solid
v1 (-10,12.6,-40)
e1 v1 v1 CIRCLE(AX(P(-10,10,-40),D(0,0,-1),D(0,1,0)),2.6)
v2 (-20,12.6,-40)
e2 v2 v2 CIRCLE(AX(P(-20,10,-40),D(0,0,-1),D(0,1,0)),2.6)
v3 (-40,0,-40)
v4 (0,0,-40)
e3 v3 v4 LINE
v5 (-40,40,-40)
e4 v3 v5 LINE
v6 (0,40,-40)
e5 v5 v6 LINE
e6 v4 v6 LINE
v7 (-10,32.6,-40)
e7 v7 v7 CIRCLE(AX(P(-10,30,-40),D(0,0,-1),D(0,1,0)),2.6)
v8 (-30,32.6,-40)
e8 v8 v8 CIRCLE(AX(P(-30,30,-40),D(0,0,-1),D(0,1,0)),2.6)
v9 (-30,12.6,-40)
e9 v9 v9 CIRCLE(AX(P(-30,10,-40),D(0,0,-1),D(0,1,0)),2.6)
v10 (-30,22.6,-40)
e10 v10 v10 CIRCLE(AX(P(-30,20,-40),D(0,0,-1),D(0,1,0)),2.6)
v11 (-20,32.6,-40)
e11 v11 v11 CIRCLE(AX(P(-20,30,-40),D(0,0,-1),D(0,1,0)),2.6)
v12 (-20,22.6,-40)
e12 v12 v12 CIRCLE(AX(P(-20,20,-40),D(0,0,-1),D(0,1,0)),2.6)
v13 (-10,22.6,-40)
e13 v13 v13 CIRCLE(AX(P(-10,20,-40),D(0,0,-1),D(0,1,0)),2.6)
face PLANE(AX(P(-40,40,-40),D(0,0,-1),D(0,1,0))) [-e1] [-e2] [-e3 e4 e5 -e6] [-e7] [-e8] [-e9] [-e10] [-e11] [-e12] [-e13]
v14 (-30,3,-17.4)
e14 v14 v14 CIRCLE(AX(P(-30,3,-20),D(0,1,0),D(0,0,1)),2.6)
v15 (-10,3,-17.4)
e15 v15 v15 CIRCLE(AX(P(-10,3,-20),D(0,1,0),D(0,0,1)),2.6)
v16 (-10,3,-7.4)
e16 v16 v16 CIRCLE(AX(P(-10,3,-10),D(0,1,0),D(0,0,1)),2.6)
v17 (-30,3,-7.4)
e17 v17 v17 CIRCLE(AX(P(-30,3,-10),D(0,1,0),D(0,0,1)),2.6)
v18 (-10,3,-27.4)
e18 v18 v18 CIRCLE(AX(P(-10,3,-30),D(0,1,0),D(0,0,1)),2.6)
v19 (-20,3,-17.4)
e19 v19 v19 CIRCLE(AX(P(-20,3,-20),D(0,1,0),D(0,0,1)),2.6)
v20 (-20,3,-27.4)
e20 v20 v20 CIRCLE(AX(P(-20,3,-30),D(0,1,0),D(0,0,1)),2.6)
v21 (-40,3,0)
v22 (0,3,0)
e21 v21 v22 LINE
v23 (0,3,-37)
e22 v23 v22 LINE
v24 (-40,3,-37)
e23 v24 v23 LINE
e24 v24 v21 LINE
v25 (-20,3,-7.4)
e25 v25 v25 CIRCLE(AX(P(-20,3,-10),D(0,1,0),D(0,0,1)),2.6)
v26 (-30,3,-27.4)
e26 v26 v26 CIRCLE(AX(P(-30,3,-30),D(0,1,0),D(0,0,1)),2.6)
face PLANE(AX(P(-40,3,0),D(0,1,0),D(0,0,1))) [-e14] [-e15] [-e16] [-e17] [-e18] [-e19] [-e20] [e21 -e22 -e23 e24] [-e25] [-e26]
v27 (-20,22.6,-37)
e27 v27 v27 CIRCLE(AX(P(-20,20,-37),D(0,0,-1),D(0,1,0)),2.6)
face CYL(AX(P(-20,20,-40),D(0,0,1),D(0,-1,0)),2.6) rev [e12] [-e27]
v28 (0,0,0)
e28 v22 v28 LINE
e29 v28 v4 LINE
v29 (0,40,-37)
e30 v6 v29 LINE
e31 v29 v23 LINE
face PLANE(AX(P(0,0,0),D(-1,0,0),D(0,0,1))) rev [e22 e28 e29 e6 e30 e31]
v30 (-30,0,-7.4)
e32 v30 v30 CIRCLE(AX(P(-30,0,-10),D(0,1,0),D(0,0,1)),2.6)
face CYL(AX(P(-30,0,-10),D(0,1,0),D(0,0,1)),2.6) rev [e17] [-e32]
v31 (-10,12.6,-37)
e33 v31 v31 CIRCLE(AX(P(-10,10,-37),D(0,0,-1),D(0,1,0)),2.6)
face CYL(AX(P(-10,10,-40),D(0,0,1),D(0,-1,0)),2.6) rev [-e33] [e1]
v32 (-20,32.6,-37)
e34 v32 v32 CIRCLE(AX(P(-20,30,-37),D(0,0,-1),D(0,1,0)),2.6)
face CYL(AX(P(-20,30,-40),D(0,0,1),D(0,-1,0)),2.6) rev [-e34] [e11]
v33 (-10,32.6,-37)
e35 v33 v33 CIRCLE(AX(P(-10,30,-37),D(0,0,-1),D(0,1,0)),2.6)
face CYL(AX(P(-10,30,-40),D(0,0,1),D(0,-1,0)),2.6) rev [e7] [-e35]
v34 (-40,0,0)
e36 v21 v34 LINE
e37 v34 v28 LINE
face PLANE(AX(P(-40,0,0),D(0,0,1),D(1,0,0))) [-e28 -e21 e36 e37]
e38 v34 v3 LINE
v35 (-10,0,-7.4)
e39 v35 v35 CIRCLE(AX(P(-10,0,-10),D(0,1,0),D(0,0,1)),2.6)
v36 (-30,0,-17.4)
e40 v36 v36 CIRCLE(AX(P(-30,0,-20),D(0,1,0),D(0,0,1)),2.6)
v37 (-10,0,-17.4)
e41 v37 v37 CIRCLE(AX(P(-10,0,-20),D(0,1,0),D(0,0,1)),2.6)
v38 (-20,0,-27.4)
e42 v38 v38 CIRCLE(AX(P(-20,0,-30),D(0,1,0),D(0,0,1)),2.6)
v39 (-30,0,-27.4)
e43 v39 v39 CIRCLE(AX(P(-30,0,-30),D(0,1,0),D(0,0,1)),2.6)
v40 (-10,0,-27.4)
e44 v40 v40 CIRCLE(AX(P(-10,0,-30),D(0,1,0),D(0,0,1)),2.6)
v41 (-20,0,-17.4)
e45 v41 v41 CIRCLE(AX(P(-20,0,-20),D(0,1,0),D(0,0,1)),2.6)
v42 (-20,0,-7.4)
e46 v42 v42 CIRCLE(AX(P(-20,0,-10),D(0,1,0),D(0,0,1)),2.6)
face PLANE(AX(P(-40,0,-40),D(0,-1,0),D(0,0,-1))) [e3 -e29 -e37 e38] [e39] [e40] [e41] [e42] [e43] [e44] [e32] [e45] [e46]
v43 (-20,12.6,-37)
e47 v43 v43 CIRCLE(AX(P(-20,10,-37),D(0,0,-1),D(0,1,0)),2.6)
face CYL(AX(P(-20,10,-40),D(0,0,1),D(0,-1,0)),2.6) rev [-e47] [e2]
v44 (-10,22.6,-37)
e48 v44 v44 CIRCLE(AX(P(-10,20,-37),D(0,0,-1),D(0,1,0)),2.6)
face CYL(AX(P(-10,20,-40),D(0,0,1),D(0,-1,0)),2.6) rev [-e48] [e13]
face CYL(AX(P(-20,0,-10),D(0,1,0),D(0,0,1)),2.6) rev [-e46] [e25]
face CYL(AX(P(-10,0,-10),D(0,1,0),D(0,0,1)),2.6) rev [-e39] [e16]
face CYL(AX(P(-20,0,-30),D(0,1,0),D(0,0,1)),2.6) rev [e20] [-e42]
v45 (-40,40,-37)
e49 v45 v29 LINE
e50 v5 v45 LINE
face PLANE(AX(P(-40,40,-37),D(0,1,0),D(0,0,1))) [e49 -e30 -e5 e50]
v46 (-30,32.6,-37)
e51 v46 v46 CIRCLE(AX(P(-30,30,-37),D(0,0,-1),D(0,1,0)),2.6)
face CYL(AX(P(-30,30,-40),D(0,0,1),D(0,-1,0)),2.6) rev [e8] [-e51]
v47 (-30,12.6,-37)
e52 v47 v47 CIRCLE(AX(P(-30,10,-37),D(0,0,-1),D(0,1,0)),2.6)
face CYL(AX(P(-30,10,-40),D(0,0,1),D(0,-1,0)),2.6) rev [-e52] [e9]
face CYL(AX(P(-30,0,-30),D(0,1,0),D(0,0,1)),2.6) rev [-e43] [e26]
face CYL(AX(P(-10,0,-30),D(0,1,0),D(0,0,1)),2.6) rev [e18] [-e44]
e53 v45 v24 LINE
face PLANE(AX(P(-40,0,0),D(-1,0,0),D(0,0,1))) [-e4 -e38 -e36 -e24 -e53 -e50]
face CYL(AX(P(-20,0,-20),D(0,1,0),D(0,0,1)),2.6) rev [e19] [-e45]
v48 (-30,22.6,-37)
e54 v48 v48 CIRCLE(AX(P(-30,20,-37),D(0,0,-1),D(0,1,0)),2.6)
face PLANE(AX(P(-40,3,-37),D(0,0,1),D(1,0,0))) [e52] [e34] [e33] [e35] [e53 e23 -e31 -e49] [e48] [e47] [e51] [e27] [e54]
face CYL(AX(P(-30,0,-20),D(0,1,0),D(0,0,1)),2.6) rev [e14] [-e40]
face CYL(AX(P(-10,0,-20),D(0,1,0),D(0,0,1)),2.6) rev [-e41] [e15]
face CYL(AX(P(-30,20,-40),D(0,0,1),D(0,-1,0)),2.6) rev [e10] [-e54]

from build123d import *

# Parameters (mm, degrees)
BOSS_EXTRUDE1_DEPTH = 40
SKETCH2_R           = 2.6
CUT_EXTRUDE1_DEPTH  = 4


with BuildPart() as part:
    # Sketch1 → Boss-Extrude1 (new body)
    with BuildSketch(Plane(origin=(0, 0, 0), x_dir=(0, 0, -1), z_dir=(1, 0, 0))):
        Polygon((0, 0), (0, 3), (37, 3), (37, 40), (40, 40), (40, 0), align=None)
    extrude(amount=-BOSS_EXTRUDE1_DEPTH)

    # Sketch2 → Cut-Extrude1 (cut, through all)
    with BuildSketch(Plane(origin=(0, 3, 0), x_dir=(1, 0, 0), z_dir=(0, 1, 0))):
        with Locations((-30, 10)):
            Circle(SKETCH2_R)
        with Locations((-20, 10)):
            Circle(SKETCH2_R)
        with Locations((-10, 10)):
            Circle(SKETCH2_R)
        with Locations((-20, 20)):
            Circle(SKETCH2_R)
        with Locations((-10, 20)):
            Circle(SKETCH2_R)
        with Locations((-20, 30)):
            Circle(SKETCH2_R)
        with Locations((-10, 30)):
            Circle(SKETCH2_R)
        with Locations((-30, 20)):
            Circle(SKETCH2_R)
        with Locations((-30, 30)):
            Circle(SKETCH2_R)
    cut_extrude1 = extrude(amount=-CUT_EXTRUDE1_DEPTH, mode=Mode.SUBTRACT)

    # Mirror1: Cut-Extrude1 across plane
    add(cut_extrude1.mirror(Plane(origin=(0, 20, -20), x_dir=(0, 0.707106781, 0.707106781), z_dir=(0, 0.707106781, -0.707106781))), mode=Mode.SUBTRACT)


solid = part.part
